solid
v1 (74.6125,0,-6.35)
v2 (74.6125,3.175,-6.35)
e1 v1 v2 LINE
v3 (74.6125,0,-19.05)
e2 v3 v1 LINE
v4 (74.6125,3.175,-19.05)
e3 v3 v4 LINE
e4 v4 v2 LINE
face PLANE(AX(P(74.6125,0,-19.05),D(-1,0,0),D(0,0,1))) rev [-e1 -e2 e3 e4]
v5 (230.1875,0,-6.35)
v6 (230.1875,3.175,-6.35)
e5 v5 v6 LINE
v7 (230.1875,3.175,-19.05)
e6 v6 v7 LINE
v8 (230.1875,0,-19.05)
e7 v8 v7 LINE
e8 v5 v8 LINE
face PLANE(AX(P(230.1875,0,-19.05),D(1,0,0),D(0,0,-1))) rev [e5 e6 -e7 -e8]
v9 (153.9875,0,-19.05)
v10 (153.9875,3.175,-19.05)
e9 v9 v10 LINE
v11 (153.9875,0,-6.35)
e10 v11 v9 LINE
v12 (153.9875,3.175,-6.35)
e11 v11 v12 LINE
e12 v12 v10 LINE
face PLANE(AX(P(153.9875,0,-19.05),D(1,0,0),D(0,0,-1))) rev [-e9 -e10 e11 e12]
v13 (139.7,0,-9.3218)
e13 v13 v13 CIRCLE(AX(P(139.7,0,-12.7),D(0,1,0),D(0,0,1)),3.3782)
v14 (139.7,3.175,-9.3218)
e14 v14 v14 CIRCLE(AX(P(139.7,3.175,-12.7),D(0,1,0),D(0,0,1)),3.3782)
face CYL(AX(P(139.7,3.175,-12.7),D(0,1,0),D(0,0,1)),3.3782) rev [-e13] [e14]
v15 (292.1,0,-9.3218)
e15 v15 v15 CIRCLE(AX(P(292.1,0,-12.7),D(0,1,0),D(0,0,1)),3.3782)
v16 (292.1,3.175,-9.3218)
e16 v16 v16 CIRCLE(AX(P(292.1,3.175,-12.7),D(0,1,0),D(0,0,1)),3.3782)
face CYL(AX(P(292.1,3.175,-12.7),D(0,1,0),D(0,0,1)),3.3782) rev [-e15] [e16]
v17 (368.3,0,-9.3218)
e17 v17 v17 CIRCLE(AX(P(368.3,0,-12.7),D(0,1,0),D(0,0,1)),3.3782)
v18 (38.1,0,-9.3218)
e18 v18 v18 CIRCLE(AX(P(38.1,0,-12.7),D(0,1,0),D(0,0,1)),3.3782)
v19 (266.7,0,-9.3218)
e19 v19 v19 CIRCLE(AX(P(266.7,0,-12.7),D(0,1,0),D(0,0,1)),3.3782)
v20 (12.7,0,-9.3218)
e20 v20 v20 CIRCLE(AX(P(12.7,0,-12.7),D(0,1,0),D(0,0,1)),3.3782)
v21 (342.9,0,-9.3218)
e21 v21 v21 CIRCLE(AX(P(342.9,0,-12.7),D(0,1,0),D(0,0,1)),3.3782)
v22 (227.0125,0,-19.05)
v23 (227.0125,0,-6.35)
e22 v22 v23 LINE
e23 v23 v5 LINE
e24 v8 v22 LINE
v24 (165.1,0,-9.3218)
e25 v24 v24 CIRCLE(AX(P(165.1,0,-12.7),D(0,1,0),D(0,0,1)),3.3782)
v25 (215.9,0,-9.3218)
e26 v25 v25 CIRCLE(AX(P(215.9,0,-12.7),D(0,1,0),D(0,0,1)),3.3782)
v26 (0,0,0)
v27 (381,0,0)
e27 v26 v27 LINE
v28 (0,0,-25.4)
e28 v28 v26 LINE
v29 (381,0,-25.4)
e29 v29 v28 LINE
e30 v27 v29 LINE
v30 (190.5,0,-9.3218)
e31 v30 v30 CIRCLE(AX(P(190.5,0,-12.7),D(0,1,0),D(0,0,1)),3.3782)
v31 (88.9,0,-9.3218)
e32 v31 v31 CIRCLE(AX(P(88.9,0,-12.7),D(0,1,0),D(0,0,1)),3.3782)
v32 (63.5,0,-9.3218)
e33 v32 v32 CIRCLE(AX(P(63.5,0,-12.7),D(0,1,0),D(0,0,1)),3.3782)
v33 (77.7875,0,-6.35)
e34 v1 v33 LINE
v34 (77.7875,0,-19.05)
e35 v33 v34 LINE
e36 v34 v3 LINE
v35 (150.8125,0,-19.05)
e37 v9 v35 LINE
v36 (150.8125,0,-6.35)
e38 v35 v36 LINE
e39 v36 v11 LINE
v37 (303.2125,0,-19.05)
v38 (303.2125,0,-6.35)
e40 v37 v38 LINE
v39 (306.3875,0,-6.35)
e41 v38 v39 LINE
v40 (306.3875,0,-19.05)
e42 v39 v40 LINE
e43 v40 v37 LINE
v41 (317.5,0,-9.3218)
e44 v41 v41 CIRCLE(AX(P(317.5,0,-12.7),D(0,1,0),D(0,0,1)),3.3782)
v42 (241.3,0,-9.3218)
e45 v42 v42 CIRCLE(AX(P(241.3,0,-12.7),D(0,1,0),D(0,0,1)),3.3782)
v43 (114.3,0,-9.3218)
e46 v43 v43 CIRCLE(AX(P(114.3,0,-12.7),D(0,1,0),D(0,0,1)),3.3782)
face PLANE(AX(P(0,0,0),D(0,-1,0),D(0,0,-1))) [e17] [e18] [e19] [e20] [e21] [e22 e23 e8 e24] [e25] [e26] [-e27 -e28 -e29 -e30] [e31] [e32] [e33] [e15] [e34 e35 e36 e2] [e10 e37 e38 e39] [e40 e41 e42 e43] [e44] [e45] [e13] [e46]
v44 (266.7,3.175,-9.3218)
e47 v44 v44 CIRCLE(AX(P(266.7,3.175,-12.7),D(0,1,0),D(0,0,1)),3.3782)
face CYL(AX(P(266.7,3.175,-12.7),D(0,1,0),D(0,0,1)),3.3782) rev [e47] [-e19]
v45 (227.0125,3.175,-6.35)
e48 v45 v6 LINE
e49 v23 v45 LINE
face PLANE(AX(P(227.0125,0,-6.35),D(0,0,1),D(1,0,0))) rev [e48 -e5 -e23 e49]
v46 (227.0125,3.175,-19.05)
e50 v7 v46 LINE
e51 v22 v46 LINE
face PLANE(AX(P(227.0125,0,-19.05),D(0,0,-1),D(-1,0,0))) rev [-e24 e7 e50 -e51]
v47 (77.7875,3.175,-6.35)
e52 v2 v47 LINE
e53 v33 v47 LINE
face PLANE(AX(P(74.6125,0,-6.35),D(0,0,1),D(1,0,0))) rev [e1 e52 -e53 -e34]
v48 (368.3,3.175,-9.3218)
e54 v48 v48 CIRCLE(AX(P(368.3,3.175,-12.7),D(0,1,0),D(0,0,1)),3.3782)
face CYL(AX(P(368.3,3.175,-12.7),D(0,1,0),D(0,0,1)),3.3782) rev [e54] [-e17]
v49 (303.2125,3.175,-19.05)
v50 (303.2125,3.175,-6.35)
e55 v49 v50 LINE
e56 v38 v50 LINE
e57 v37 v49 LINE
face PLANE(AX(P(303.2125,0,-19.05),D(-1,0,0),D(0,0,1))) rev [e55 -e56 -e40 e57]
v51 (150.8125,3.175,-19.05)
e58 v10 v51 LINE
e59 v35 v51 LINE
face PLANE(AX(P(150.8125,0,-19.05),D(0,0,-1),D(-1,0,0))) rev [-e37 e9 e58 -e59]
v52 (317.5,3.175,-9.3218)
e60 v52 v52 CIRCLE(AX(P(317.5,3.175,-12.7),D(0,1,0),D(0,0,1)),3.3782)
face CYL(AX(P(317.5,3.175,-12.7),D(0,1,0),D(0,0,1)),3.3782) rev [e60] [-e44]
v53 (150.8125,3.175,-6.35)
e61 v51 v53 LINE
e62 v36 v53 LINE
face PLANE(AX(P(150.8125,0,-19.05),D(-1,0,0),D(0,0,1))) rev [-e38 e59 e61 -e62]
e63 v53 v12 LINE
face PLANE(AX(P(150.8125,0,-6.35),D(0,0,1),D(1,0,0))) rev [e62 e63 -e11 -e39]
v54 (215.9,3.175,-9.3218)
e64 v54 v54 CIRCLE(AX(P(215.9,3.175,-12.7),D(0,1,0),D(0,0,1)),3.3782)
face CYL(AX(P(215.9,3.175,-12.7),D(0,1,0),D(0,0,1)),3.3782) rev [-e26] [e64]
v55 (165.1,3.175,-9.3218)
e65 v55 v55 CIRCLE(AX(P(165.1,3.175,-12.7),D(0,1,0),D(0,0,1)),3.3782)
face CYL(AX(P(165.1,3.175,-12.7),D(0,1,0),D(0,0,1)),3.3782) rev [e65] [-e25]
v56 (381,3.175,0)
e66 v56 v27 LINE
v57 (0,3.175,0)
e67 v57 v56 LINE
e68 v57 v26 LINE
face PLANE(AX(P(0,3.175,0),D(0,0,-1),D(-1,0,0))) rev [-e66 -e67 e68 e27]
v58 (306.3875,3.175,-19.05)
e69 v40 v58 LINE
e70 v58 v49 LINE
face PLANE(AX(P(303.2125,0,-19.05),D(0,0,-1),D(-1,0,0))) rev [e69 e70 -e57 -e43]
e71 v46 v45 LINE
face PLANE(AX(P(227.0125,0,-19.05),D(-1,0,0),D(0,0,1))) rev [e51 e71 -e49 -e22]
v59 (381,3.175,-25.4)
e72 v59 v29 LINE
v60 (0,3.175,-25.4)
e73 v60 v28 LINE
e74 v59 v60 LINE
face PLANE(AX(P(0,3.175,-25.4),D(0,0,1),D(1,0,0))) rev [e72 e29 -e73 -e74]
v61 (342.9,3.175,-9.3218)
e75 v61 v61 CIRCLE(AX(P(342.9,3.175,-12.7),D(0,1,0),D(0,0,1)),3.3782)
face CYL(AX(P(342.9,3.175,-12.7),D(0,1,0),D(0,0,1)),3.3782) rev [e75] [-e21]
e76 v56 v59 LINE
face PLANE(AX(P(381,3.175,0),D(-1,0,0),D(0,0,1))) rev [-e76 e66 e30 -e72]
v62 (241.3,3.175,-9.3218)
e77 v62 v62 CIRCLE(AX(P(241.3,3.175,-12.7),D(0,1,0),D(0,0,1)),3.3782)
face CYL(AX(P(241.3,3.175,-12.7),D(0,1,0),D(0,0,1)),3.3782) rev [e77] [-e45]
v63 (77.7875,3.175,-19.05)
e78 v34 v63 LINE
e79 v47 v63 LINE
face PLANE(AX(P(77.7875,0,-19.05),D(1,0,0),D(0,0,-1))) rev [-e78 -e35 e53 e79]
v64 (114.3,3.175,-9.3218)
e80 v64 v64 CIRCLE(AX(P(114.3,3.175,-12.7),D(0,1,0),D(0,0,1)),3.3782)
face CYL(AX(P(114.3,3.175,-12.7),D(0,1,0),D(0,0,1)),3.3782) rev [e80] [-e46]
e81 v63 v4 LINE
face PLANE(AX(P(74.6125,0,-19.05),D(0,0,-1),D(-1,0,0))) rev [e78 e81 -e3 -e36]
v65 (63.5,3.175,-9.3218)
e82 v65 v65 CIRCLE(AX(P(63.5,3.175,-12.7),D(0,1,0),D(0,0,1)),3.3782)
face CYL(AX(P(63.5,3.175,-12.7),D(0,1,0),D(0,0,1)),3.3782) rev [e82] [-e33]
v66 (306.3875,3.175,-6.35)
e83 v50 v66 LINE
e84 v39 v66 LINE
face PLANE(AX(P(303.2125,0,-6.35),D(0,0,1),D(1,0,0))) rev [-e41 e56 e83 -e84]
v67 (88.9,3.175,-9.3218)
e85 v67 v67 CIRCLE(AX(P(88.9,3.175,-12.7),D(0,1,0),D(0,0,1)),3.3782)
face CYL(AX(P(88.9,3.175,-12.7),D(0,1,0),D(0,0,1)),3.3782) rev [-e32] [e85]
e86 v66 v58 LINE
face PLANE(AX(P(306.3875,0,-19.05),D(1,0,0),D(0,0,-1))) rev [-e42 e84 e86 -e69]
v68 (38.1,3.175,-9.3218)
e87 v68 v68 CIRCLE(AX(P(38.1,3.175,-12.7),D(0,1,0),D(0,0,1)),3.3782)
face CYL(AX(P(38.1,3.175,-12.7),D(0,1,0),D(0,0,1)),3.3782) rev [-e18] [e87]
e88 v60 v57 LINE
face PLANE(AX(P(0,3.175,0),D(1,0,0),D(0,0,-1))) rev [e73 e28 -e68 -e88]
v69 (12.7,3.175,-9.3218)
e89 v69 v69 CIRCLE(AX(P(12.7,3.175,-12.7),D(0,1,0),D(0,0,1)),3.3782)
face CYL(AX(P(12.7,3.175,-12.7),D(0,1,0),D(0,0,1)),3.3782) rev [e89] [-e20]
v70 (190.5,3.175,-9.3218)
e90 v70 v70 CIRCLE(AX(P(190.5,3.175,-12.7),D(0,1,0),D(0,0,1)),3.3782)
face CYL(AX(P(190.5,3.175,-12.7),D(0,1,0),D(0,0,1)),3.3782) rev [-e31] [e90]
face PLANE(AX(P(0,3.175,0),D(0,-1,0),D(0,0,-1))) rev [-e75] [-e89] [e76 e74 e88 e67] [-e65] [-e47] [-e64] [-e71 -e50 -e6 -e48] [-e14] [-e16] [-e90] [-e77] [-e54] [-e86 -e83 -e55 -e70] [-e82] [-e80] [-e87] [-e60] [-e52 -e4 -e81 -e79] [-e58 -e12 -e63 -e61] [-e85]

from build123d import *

# Parameters (mm, degrees)
SKETCH1_W                             = 381
SKETCH1_H                             = 25.4
BOSS_EXTRUDE1_DEPTH                   = 3.175
F_1_4_CLEARANCE_FIRST_MOUNTING_HOLE_D = 6.7564
PEDAL_BOX_MOUNTING_HOLE_PATTERN_COUNT = 15
PEDAL_BOX_MOUNTING_HOLE_PATTERN_PITCH = 25.4
SKETCH8_W                             = 3.175
SKETCH8_H                             = 12.7
SUPPORT_TAB_WELDING_CUT_DEPTH         = 3.175
SUPPORT_TAB_WELDING_CUT_PATTERN_COUNT = 4
SUPPORT_TAB_WELDING_CUT_PATTERN_PITCH = 76.2


with BuildPart() as part:
    # Sketch1 → Boss-Extrude1 (new body)
    with BuildSketch(Plane(origin=(0, 0, 0), x_dir=(1, 0, 0), z_dir=(0, 1, 0))):
        with Locations((190.5, 12.7)):
            Rectangle(SKETCH1_W, SKETCH1_H)
    extrude(amount=BOSS_EXTRUDE1_DEPTH)

    # 1/4 Clearance First Mounting Hole (through all)
    with Locations(Plane(origin=(0, 3.175, 0), x_dir=(1, 0, 0), z_dir=(0, 1, 0))):
        with Locations((12.7, 12.7)):
            f_1_4_clearance_first_mounting_hole = Hole(F_1_4_CLEARANCE_FIRST_MOUNTING_HOLE_D / 2)

    # Pedal Box Mounting Hole Pattern: 1/4 Clearance First Mounting Hole ×15
    with Locations(*[(i * PEDAL_BOX_MOUNTING_HOLE_PATTERN_PITCH, 0, 0) for i in range(1, PEDAL_BOX_MOUNTING_HOLE_PATTERN_COUNT)]):
        add(f_1_4_clearance_first_mounting_hole, mode=Mode.SUBTRACT)

    # Sketch8 → Support Tab Welding Cut (cut)
    with BuildSketch(Plane(origin=(0, 3.175, 0), x_dir=(1, 0, 0), z_dir=(0, 1, 0))):
        with Locations((76.2, 12.7)):
            Rectangle(SKETCH8_W, SKETCH8_H)
    support_tab_welding_cut = extrude(amount=-SUPPORT_TAB_WELDING_CUT_DEPTH, mode=Mode.SUBTRACT)

    # Support Tab Welding Cut Pattern: Support Tab Welding Cut ×4
    with Locations(*[(i * SUPPORT_TAB_WELDING_CUT_PATTERN_PITCH, 0, 0) for i in range(1, SUPPORT_TAB_WELDING_CUT_PATTERN_COUNT)]):
        add(support_tab_welding_cut, mode=Mode.SUBTRACT)


solid = part.part
